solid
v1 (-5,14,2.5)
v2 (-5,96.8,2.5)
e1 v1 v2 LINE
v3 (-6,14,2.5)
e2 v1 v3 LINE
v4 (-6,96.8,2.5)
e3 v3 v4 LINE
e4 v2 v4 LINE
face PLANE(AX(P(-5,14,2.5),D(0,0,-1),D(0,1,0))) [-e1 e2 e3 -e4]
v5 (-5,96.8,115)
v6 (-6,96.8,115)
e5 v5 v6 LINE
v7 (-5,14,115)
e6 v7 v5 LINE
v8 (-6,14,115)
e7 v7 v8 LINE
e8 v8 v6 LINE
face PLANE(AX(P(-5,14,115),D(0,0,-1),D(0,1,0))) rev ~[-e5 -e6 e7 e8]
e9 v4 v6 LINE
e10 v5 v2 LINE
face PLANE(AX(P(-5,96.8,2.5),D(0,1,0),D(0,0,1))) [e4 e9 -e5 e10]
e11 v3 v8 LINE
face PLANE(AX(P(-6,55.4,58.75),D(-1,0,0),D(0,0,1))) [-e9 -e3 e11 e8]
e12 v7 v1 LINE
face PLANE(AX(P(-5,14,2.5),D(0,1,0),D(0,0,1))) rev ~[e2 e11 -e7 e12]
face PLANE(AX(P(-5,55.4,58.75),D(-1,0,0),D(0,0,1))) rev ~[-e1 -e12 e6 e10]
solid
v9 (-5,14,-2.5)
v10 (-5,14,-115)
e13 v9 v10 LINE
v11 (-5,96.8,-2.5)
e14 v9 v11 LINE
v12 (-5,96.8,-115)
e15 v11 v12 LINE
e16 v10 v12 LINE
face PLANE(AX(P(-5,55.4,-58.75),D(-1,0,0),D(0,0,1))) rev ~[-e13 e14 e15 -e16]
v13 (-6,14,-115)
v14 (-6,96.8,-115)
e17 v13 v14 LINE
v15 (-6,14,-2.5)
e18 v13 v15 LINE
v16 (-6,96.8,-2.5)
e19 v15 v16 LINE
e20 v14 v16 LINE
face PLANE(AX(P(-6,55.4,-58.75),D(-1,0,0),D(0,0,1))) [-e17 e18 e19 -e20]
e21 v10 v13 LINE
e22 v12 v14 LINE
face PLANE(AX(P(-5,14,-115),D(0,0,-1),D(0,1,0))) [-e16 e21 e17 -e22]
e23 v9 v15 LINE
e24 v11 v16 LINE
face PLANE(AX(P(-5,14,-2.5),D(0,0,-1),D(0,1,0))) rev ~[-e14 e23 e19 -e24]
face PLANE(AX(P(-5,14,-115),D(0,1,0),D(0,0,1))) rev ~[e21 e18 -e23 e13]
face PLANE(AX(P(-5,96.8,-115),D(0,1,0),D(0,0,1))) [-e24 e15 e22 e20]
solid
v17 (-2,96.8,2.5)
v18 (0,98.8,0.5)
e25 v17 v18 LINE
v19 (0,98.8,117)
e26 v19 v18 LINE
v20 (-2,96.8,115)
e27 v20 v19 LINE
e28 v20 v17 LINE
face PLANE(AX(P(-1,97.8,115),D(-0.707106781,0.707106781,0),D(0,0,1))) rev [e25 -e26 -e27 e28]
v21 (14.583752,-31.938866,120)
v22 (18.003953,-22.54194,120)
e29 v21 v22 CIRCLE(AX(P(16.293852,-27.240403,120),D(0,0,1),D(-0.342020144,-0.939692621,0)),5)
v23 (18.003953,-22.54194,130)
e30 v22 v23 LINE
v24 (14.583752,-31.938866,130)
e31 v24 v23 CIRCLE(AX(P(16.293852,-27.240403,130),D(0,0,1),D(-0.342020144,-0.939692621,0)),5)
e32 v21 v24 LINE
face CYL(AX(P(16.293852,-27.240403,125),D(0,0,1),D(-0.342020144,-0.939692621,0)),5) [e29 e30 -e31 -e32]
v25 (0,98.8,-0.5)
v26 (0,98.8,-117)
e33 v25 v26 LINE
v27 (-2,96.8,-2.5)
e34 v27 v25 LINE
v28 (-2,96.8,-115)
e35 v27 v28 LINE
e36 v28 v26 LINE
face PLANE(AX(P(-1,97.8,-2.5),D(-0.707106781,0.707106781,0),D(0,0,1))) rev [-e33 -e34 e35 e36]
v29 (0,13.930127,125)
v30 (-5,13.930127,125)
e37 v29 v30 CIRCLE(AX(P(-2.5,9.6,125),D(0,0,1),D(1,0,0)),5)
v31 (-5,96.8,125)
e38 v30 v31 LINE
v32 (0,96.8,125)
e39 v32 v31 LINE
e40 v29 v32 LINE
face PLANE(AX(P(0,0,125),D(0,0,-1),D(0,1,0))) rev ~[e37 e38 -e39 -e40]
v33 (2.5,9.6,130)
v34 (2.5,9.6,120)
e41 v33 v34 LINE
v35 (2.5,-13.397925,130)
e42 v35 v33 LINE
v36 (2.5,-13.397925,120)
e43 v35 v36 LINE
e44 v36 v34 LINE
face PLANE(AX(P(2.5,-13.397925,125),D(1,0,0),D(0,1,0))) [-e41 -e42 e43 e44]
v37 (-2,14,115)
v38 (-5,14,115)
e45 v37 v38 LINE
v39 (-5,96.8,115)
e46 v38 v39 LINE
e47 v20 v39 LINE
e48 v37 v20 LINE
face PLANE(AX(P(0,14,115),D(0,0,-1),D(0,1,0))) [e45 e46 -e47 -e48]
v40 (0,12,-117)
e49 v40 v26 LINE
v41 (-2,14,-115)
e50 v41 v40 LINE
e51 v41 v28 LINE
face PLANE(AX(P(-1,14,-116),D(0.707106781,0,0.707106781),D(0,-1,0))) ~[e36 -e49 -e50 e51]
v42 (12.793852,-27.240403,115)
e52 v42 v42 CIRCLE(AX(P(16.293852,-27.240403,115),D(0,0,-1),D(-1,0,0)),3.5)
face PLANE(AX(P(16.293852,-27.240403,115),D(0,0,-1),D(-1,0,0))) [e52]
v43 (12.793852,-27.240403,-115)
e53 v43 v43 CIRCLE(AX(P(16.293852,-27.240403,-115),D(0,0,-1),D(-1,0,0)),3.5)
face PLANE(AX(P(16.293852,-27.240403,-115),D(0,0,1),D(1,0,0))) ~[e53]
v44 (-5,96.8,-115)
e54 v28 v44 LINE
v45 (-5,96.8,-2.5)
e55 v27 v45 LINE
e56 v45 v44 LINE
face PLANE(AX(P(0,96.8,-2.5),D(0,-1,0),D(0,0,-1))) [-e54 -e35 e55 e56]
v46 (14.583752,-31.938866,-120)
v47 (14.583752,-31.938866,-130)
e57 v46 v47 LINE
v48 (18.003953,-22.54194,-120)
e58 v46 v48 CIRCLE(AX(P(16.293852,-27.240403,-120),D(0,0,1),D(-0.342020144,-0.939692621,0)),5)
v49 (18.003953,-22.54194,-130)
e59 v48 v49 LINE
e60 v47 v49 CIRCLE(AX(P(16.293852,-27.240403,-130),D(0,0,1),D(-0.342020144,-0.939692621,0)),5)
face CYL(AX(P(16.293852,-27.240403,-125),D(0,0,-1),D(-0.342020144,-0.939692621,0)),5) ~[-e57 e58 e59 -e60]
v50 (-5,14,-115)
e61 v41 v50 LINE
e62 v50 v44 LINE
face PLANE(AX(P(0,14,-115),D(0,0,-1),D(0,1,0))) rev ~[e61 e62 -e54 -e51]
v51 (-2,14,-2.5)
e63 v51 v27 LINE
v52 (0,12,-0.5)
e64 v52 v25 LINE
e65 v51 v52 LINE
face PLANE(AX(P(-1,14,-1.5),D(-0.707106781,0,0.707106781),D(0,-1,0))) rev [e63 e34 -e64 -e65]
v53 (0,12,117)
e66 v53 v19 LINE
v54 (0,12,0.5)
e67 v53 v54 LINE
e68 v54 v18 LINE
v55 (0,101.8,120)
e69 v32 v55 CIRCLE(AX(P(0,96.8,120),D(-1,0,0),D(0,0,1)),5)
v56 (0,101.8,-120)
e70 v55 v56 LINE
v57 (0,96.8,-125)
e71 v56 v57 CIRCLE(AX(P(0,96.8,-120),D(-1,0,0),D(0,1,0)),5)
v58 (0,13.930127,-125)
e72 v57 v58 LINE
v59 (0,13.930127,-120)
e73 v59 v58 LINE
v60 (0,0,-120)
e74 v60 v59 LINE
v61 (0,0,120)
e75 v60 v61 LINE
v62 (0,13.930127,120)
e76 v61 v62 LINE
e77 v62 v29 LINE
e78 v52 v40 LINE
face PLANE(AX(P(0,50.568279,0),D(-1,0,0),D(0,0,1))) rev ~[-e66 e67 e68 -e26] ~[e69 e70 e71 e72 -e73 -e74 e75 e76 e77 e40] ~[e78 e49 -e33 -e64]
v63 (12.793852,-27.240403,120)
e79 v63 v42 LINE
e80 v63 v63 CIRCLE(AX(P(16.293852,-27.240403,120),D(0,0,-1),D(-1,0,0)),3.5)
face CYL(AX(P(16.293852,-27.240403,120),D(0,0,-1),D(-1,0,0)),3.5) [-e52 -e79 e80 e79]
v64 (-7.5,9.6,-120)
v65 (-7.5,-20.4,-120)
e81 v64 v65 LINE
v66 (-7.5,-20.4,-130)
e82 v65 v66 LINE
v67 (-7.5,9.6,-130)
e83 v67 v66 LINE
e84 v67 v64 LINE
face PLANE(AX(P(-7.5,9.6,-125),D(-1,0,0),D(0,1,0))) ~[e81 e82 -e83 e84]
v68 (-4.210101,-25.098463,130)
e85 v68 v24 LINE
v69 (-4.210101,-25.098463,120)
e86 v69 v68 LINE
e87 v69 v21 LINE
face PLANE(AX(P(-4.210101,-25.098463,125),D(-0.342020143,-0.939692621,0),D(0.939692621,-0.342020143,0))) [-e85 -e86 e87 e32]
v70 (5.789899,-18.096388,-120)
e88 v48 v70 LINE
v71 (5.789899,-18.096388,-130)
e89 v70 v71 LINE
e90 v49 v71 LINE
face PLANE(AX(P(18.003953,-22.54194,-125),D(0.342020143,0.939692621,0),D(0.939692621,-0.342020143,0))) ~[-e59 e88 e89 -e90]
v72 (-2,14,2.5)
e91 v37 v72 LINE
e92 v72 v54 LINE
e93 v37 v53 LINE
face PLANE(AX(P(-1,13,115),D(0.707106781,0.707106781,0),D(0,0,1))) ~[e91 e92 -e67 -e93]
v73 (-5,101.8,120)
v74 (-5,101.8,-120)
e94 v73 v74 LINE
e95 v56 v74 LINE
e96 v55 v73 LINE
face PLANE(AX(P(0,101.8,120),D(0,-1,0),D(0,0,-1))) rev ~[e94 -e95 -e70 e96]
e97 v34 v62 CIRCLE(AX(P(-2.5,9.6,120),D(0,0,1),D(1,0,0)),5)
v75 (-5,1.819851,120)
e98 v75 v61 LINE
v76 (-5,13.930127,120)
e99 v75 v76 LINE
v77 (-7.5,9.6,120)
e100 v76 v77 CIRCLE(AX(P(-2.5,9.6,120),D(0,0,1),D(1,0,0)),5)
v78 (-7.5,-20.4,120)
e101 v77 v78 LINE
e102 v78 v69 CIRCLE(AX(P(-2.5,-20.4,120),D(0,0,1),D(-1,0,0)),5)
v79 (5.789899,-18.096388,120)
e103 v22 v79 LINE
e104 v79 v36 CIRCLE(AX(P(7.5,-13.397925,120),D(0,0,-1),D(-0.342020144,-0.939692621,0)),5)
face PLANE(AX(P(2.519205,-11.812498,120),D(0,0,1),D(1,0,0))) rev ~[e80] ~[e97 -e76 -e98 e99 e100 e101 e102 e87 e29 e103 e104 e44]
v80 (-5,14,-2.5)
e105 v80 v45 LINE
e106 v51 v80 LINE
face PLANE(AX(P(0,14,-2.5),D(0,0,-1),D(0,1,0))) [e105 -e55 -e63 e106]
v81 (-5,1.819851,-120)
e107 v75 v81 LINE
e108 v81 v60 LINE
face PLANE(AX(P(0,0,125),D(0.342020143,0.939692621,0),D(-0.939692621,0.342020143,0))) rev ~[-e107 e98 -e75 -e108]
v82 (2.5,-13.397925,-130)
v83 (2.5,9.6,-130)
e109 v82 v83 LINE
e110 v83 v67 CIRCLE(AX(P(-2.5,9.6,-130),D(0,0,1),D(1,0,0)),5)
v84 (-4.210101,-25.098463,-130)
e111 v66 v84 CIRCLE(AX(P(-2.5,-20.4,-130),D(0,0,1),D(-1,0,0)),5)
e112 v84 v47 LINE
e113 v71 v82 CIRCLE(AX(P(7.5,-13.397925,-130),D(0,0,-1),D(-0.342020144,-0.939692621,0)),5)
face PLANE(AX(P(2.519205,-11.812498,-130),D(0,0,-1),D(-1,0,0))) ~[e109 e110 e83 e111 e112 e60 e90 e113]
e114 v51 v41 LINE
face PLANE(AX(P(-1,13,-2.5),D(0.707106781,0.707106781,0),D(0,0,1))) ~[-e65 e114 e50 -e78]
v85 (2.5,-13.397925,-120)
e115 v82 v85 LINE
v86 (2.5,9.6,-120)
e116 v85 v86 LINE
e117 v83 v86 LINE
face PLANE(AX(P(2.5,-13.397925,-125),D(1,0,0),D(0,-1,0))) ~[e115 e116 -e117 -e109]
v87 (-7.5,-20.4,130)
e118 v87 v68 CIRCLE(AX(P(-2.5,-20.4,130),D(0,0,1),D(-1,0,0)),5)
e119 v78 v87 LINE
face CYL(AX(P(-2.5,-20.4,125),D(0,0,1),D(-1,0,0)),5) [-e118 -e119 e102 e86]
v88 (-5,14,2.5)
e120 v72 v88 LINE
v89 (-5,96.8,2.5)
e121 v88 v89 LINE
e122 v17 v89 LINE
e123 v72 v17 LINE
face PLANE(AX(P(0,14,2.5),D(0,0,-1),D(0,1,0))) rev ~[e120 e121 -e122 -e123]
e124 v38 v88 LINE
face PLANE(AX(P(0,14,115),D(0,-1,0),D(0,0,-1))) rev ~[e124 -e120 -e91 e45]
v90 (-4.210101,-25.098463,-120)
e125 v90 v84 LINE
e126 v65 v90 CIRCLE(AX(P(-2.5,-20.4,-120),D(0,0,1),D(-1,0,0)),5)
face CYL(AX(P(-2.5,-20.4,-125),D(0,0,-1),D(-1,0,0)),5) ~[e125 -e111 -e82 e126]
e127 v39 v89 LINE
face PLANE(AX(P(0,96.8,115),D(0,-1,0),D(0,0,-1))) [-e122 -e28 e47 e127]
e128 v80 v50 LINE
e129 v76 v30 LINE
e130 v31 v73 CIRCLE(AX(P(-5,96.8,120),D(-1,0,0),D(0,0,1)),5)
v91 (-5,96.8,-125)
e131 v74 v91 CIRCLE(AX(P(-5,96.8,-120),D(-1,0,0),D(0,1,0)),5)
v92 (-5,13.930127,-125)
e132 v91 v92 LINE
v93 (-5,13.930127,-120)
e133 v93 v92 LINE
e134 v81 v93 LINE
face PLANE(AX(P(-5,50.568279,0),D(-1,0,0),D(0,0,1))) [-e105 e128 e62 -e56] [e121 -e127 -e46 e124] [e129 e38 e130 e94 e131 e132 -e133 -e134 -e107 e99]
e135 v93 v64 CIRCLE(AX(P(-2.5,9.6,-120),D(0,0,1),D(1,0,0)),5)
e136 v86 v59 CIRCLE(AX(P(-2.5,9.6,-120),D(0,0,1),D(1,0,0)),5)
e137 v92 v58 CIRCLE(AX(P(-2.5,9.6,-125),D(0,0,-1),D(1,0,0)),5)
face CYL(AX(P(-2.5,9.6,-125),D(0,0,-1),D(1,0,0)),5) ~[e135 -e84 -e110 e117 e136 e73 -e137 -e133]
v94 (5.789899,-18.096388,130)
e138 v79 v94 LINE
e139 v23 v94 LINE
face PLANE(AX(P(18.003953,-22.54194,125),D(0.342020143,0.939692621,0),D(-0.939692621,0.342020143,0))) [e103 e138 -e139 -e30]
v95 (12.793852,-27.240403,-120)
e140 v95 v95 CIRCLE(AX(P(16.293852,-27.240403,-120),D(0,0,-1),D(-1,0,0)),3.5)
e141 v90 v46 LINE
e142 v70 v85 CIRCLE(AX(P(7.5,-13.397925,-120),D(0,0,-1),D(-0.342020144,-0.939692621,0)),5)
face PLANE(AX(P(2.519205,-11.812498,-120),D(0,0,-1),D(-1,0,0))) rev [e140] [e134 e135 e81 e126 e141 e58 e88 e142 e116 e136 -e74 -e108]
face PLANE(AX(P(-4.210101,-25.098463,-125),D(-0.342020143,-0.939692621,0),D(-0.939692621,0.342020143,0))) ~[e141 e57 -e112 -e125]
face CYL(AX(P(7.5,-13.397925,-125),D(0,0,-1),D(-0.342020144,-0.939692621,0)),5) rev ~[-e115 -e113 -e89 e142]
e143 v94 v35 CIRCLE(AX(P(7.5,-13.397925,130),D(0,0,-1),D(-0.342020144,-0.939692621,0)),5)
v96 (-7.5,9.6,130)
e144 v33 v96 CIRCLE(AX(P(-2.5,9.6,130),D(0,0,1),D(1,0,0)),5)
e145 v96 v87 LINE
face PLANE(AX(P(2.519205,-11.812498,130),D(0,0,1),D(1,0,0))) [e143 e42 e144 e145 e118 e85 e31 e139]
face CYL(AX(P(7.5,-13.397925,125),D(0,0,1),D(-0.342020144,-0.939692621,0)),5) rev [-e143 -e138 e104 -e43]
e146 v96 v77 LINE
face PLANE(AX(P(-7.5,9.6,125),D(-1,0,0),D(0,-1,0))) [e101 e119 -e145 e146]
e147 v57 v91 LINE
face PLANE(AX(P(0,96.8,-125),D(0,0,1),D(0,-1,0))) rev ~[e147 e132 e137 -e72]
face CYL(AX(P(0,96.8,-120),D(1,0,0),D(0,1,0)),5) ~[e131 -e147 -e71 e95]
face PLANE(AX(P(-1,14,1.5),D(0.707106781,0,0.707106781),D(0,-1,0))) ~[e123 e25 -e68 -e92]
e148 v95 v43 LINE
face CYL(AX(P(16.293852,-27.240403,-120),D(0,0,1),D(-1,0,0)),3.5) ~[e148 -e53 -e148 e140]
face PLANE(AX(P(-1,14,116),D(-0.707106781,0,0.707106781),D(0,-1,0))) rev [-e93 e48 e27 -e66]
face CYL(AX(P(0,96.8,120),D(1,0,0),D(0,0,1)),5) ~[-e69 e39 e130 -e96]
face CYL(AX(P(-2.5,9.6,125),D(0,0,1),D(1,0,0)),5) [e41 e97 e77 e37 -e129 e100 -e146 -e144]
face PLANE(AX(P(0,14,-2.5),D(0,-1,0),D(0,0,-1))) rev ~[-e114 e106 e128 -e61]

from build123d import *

# Parameters (mm, degrees)
SKETCH2_W           = 112.5
SKETCH2_H           = 82.8
BOSS_EXTRUDE1_DEPTH = 5
CHAMFER1_SIZE       = 2
CUT_EXTRUDE1_DEPTH  = 270.978221344
BOSS_EXTRUDE2_DEPTH = 5
SKETCH5_R           = 3.5
BOSS_EXTRUDE3_DEPTH = 5
SKETCH7_W           = 112.5
SKETCH7_H           = 82.8
BOSS_EXTRUDE5_DEPTH = 1


with BuildPart() as part:
    # Sketch2 → Boss-Extrude1 (new body)
    with BuildSketch(Plane(origin=(0, 0, 0), x_dir=(0, 0, -1), z_dir=(1, 0, 0))):
        with BuildLine():
            Line((-120, 101.8), (120, 101.8))
            ThreePointArc((120, 101.8), (123.535533906, 100.335533906), (125, 96.8))
            Line((125, 96.8), (125, 0))
            Line((125, 0), (-125, 0))
            Line((-125, 0), (-125, 96.8))
            ThreePointArc((-125, 96.8), (-123.535533906, 100.335533906), (-120, 101.8))
        make_face()
        with Locations((58.75, 55.4)):
            Rectangle(SKETCH2_W, SKETCH2_H, mode=Mode.SUBTRACT)
        with Locations((-58.75, 55.4)):
            Rectangle(SKETCH2_W, SKETCH2_H, mode=Mode.SUBTRACT)
    extrude(amount=-BOSS_EXTRUDE1_DEPTH)

    # Chamfer1
    chamfer1_edges = [part.edges().sort_by_distance(p)[0] for p in [
        (0, 96.8, -58.75),
        (0, 55.4, -2.5),
        (0, 14, -58.75),
        (0, 55.4, -115),
        (0, 55.4, 115),
        (0, 14, 58.75),
        (0, 55.4, 2.5),
        (0, 96.8, 58.75),
    ]]
    chamfer(chamfer1_edges, length=CHAMFER1_SIZE)

    # Sketch3 → Cut-Extrude1 (cut, through all)
    with BuildSketch(Plane.XY.offset(125)):
        Polygon((-5, 1.819851171), (-5, 0), (0, 0), align=None)
    extrude(amount=-CUT_EXTRUDE1_DEPTH, mode=Mode.SUBTRACT)



with BuildPart() as body_2:
    # Sketch4 → Boss-Extrude2 (new, symmetric)
    with BuildSketch(Plane.XY.offset(125)):
        with BuildLine():
            Line((-7.5, 9.6), (-7.5, -20.4))
            ThreePointArc((-7.5, -20.4), (-6.595760221, -23.267882182), (-4.210100717, -25.098463104))
            Line((-4.210100717, -25.098463104), (14.583751699, -31.93886597))
            ThreePointArc((14.583751699, -31.93886597), (20.99231552, -28.950503583), (18.003953132, -22.541939763))
            Line((18.003953132, -22.541939763), (5.789899283, -18.096387722))
            ThreePointArc((5.789899283, -18.096387722), (3.404239779, -16.2658068), (2.5, -13.397924618))
            Line((2.5, -13.397924618), (2.5, 9.6))
            ThreePointArc((2.5, 9.6), (-2.5, 14.6), (-7.5, 9.6))
        make_face()
    extrude(amount=BOSS_EXTRUDE2_DEPTH, both=True)

    # Sketch5 → Boss-Extrude3 (add, symmetric)
    with BuildSketch(Plane(origin=(0, 0, 120), x_dir=(-1, 0, 0), z_dir=(0, 0, -1))):
        with Locations((-16.293852416, -27.240402867)):
            Circle(SKETCH5_R)
    extrude(amount=BOSS_EXTRUDE3_DEPTH, both=True)


with BuildPart() as body_3:
    # Mirror1: mirrored copy
    add(body_2.part.mirror(Plane.XY))


with BuildPart() as part_1:
    add(part.part)

    add(body_2.part)  # Boss-Extrude5 merges body 2

    add(body_3.part)  # Boss-Extrude5 merges body 3
    # Sketch7 → Boss-Extrude5 (add)
    with BuildSketch(Plane.ZY.offset(5)):
        with Locations((58.75, 55.4)):
            Rectangle(SKETCH7_W, SKETCH7_H)
        with Locations((-58.75, 55.4)):
            Rectangle(SKETCH7_W, SKETCH7_H)
    extrude(amount=BOSS_EXTRUDE5_DEPTH)


solid = part_1.part
